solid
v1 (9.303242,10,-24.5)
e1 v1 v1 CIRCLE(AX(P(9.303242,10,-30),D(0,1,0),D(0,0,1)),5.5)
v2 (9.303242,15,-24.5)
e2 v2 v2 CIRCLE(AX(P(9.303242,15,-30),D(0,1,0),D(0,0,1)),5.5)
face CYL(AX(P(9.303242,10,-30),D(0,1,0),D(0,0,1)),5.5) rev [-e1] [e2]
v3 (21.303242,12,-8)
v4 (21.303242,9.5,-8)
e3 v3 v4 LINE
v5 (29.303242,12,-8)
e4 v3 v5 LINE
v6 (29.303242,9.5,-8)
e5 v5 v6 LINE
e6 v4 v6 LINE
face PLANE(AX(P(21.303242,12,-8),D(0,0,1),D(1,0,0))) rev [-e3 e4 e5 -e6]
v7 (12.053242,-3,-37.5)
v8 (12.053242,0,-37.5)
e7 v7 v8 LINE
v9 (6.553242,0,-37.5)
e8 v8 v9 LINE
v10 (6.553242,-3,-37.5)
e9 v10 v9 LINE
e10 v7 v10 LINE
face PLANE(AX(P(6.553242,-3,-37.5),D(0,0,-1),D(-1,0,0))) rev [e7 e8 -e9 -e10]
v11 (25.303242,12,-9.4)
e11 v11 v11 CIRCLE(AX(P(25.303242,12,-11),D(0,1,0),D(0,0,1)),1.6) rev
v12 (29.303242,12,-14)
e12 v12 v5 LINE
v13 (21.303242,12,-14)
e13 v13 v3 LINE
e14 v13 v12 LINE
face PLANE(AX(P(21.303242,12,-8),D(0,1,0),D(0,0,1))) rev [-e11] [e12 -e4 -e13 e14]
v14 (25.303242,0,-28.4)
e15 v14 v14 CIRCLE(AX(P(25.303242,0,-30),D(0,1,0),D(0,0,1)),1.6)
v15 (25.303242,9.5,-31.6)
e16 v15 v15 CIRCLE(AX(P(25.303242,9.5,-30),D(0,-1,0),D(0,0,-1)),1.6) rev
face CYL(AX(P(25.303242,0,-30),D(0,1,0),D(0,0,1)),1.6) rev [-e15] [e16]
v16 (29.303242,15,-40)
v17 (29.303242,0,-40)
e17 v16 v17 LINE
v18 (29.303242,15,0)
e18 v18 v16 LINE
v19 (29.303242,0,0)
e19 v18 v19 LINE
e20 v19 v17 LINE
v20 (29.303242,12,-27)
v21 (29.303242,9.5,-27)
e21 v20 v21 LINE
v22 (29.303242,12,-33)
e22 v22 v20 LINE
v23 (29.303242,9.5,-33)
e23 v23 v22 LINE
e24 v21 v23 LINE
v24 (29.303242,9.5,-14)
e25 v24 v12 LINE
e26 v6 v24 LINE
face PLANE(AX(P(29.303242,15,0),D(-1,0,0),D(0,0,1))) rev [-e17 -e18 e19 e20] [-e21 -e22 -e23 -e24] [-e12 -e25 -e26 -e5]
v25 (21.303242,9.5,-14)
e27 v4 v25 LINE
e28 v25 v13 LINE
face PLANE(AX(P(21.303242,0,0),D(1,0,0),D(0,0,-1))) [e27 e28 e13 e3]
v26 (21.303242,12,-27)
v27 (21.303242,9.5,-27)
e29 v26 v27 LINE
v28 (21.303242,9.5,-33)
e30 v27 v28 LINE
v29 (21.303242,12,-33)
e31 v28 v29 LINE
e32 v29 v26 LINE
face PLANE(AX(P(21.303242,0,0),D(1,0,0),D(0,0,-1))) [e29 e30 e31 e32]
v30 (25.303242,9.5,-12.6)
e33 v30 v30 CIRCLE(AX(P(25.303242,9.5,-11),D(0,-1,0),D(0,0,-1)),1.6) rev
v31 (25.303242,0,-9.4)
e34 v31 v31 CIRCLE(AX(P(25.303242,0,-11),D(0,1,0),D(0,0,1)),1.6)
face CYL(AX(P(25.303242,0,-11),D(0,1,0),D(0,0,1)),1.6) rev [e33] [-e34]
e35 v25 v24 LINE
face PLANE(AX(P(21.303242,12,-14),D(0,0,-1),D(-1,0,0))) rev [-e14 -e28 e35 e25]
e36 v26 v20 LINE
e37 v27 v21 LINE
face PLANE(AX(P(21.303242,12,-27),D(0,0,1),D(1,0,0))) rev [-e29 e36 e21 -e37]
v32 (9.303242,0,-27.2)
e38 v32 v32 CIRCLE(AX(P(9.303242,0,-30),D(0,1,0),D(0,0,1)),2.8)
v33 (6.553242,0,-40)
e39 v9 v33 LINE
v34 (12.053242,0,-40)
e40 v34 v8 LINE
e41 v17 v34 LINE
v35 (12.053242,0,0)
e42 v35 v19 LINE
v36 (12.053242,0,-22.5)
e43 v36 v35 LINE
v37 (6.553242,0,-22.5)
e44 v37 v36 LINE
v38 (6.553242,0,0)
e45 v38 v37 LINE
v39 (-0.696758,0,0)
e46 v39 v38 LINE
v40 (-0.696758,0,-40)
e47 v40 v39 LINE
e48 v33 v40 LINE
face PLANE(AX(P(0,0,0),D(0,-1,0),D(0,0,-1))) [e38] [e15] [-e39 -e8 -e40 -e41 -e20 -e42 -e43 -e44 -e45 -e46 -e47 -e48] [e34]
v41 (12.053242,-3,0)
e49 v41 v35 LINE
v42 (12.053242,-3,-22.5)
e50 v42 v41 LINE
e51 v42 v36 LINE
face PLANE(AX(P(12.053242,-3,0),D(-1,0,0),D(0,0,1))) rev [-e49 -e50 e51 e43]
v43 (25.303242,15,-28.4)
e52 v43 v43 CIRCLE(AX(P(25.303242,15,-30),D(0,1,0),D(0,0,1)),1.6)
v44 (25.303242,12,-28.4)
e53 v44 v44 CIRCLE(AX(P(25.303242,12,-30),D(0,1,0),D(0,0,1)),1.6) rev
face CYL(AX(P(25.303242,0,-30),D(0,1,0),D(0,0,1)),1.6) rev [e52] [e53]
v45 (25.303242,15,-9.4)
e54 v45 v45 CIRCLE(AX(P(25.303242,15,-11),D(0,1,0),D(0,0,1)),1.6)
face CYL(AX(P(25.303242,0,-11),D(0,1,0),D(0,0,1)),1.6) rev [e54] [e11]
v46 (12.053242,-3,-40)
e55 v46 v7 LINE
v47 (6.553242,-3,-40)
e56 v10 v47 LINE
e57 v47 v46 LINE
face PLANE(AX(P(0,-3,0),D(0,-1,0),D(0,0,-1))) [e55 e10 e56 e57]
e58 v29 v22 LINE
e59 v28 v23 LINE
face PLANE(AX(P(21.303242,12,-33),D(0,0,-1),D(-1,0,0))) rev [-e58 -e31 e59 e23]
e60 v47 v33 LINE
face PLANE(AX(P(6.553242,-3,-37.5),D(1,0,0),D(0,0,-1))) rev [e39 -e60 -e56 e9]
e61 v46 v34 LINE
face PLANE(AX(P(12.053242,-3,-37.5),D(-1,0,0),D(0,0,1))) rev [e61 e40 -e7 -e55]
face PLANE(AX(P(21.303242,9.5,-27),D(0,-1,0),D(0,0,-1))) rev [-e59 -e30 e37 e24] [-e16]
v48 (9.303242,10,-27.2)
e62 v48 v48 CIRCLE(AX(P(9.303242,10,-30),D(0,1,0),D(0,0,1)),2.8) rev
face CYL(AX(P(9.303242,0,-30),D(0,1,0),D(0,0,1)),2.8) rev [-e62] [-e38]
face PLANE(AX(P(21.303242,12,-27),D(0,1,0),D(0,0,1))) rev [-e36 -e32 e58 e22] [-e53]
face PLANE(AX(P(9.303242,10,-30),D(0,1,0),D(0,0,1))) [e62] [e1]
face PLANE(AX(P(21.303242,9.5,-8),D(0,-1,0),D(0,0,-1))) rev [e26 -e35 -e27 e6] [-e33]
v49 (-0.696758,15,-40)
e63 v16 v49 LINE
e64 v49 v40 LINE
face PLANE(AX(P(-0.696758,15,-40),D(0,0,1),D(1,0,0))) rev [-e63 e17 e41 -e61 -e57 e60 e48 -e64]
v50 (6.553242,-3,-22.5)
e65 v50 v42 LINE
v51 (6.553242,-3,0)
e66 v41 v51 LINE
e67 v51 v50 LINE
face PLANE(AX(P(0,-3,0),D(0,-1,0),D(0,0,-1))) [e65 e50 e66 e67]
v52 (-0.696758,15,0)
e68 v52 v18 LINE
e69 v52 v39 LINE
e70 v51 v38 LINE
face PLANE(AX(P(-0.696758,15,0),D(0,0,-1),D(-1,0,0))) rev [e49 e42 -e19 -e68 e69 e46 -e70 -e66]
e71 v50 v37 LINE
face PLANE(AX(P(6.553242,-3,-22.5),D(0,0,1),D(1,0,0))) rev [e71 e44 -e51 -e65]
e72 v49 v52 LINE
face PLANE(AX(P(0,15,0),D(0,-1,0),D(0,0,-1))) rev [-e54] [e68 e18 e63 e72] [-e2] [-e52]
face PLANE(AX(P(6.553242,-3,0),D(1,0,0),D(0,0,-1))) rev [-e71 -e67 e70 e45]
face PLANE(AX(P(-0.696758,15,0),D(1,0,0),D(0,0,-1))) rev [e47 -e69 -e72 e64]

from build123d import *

# Parameters (mm, degrees)
SKETCH1_W           = 30
SKETCH1_H           = 40
BOSS_EXTRUDE1_DEPTH = 15
SKETCH5_R           = 1.6
CUT_EXTRUDE3_DEPTH  = 16
SKETCH6_W           = 6
SKETCH6_H           = 2.5
CUT_EXTRUDE4_DEPTH  = 8
SKETCH10_R          = 2.8
CUT_EXTRUDE7_DEPTH  = 16
SKETCH11_R          = 5.5
CUT_EXTRUDE8_DEPTH  = 5
SKETCH12_W          = 5.5
SKETCH12_H          = 22.5
SKETCH12_H_2        = 2.5
BOSS_EXTRUDE7_DEPTH = 3


with BuildPart() as part:
    # Sketch1 → Boss-Extrude1 (new body)
    with BuildSketch(Plane(origin=(0, 0, 0), x_dir=(1, 0, 0), z_dir=(0, 1, 0))):
        with Locations((14.30324178, 20)):
            Rectangle(SKETCH1_W, SKETCH1_H)
    extrude(amount=BOSS_EXTRUDE1_DEPTH)

    # Sketch5 → Cut-Extrude3 (cut, through all)
    with BuildSketch(Plane(origin=(0, 15, 0), x_dir=(1, 0, 0), z_dir=(0, 1, 0))):
        with Locations((25.30324178, 11)):
            Circle(SKETCH5_R)
        with Locations((25.30324178, 30)):
            Circle(SKETCH5_R)
    extrude(amount=-CUT_EXTRUDE3_DEPTH, mode=Mode.SUBTRACT)

    # Sketch6 → Cut-Extrude4 (cut)
    with BuildSketch(Plane(origin=(29.30324178, 0, 0), x_dir=(0, 0, -1), z_dir=(1, 0, 0))):
        with Locations((11, 10.75)):
            Rectangle(SKETCH6_W, SKETCH6_H)
        with Locations((30, 10.75)):
            Rectangle(SKETCH6_W, SKETCH6_H)
    extrude(amount=-CUT_EXTRUDE4_DEPTH, mode=Mode.SUBTRACT)

    # Sketch10 → Cut-Extrude7 (cut, through all)
    with BuildSketch(Plane(origin=(0, 15, 0), x_dir=(1, 0, 0), z_dir=(0, 1, 0))):
        with Locations((9.30324178, 30)):
            Circle(SKETCH10_R)
    extrude(amount=-CUT_EXTRUDE7_DEPTH, mode=Mode.SUBTRACT)

    # Sketch11 → Cut-Extrude8 (cut)
    with BuildSketch(Plane(origin=(0, 15, 0), x_dir=(1, 0, 0), z_dir=(0, 1, 0))):
        with Locations((9.30324178, 30)):
            Circle(SKETCH11_R)
    extrude(amount=-CUT_EXTRUDE8_DEPTH, mode=Mode.SUBTRACT)

    # Sketch12 → Boss-Extrude7 (add)
    with BuildSketch(Plane.XZ):
        with Locations((9.30324178, -11.25)):
            Rectangle(SKETCH12_W, SKETCH12_H)
        with Locations((9.30324178, -38.75)):
            Rectangle(SKETCH12_W, SKETCH12_H_2)
    extrude(amount=BOSS_EXTRUDE7_DEPTH)


solid = part.part
